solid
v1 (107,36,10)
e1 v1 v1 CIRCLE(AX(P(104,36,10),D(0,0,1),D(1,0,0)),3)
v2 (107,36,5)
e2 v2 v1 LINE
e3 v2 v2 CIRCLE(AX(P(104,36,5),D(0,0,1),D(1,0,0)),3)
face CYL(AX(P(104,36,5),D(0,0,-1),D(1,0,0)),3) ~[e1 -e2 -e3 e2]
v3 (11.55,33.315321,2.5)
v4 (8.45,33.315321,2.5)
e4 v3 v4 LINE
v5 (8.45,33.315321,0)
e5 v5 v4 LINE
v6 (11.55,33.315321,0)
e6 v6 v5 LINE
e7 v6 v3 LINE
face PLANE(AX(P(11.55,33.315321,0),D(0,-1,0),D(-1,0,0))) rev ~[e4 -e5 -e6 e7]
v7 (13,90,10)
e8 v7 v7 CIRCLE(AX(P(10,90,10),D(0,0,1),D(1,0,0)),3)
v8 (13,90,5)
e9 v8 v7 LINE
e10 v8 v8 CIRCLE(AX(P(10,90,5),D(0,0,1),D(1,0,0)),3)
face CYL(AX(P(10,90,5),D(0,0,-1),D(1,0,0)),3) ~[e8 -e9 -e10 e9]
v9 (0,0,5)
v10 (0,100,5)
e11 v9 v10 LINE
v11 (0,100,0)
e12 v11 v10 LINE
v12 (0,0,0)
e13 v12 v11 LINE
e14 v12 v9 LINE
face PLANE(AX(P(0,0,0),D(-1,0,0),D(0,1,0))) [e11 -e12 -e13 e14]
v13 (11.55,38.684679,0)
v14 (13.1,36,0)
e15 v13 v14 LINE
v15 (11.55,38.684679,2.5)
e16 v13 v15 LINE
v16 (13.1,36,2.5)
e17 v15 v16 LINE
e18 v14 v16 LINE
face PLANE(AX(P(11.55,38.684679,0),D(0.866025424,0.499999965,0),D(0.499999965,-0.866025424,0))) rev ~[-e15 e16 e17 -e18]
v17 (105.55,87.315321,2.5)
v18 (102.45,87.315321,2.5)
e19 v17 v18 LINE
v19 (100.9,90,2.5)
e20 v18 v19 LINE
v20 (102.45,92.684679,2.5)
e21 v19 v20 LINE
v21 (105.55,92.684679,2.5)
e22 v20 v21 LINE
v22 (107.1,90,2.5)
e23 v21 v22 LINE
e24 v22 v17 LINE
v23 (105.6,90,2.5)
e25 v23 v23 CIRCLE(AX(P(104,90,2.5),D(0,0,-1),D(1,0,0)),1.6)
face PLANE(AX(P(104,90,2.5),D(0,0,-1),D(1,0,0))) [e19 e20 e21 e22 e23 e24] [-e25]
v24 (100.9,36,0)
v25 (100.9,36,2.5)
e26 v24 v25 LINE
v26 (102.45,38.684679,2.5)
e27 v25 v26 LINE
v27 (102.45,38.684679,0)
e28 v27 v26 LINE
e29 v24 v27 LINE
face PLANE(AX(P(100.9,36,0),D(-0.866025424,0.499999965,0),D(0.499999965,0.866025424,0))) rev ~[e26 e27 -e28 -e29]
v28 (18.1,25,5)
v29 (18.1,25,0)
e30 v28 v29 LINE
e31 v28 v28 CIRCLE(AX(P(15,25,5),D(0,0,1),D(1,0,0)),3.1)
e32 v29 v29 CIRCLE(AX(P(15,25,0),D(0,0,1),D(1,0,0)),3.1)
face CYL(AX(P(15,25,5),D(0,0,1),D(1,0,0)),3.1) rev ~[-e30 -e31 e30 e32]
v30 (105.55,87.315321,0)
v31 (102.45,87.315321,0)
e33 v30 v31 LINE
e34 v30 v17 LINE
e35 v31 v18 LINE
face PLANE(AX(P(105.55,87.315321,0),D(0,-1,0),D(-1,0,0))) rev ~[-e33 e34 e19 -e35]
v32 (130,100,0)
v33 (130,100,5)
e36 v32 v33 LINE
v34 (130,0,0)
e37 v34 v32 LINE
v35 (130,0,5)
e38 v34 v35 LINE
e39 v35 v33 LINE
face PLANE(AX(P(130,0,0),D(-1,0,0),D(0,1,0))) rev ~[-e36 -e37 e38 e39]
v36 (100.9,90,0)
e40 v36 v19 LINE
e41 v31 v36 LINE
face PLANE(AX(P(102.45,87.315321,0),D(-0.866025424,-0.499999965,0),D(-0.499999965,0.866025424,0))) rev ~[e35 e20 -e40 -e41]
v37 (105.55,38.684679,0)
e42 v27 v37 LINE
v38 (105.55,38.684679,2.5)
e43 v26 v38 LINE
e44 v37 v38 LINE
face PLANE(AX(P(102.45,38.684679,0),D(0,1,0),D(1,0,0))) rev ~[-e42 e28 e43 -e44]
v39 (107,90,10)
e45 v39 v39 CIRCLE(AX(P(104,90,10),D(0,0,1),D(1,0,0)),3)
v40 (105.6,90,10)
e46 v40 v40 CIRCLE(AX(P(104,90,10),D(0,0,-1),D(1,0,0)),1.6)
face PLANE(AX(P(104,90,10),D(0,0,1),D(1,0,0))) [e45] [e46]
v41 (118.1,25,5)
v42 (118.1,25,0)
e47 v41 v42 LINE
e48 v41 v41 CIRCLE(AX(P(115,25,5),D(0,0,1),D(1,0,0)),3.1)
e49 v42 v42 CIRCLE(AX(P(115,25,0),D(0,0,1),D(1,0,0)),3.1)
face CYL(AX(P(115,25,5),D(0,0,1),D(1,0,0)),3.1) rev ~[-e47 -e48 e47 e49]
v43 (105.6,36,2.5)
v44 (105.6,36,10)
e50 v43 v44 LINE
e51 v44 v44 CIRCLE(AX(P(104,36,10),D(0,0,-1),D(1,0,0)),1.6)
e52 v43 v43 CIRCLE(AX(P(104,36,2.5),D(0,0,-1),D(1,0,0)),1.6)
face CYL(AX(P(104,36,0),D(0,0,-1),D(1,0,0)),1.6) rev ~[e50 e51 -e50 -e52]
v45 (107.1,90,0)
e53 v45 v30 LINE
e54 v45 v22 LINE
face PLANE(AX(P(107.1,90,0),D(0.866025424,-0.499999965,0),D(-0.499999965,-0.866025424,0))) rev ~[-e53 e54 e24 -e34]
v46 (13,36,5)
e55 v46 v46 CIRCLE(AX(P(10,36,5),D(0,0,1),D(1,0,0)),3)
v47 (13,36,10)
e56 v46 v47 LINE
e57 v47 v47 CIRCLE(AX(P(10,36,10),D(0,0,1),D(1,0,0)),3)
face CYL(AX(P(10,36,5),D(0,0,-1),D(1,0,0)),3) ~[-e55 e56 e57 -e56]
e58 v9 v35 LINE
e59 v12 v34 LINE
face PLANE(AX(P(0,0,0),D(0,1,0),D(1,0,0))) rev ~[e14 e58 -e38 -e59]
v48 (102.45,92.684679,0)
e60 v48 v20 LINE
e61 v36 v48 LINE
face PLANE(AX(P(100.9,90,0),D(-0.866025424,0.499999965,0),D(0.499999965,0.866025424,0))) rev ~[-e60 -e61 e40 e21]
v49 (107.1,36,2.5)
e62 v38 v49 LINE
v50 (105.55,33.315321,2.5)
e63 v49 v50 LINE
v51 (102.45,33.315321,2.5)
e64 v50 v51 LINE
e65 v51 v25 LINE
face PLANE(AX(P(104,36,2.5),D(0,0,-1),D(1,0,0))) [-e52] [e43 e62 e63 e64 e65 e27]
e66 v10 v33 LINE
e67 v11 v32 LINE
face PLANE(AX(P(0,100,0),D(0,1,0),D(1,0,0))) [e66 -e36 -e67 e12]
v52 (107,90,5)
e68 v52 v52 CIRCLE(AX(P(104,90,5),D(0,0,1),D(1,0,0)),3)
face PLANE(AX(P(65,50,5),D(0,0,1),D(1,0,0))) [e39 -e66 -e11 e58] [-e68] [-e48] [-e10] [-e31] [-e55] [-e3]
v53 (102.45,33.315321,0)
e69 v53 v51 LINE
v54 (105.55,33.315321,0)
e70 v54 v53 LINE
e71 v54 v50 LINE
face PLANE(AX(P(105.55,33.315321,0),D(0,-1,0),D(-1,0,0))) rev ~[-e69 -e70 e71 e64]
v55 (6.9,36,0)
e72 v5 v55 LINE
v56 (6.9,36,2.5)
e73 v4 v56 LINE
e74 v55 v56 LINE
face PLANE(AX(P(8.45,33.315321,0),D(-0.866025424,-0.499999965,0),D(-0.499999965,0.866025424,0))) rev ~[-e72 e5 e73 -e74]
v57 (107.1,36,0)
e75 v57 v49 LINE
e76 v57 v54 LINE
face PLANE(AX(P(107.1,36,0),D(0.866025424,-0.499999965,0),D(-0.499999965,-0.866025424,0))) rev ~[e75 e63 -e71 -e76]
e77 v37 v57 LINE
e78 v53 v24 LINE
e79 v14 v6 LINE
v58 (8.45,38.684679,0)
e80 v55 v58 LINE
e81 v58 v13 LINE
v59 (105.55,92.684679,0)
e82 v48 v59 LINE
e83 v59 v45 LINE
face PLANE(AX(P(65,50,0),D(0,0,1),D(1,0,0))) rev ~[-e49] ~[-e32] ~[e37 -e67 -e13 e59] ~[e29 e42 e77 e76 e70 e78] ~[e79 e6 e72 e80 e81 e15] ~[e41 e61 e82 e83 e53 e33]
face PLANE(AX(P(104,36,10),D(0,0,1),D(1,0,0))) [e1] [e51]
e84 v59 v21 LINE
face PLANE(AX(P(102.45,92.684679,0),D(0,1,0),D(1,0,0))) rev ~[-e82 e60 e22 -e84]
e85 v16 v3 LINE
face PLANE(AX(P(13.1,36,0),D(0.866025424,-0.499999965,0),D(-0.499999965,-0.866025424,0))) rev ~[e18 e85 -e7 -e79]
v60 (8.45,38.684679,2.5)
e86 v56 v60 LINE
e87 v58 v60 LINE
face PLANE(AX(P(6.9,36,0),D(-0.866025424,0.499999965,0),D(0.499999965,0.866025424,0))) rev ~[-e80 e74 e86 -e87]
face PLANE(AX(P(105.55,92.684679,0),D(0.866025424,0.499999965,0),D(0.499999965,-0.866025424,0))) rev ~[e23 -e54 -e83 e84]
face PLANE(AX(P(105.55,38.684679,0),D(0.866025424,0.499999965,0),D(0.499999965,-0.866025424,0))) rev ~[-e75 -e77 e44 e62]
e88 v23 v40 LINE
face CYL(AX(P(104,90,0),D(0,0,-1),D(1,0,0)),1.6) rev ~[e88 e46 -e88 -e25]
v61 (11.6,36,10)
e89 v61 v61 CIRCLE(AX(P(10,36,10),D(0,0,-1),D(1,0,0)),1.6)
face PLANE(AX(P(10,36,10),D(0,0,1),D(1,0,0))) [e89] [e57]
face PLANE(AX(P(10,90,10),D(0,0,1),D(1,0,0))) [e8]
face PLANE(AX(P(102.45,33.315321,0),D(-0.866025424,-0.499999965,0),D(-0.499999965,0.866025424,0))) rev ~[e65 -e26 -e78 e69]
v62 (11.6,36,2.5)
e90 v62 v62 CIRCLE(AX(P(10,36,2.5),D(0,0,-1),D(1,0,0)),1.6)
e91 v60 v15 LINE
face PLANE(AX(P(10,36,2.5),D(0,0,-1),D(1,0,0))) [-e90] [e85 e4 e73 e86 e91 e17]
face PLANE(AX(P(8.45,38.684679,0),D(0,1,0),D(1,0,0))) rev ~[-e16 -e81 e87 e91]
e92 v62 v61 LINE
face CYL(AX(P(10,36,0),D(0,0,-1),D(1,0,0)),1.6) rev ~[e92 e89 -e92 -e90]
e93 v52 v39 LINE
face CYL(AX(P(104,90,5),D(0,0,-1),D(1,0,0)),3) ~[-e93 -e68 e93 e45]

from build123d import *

# Parameters (mm, degrees)
SKETCH001_W     = 130
SKETCH001_H     = 100
PAD001_DEPTH    = 5
SKETCH002_R     = 3
PAD002_DEPTH    = 5
SKETCH003_R     = 1.6
POCKET_DEPTH    = 10
POCKET005_DEPTH = 2.5
SKETCH013_R     = 3.1
POCKET006_DEPTH = 5


with BuildPart() as part:
    # Sketch001 → Pad001 (new body)
    with BuildSketch(Plane.XY):
        with Locations((65, 50)):
            Rectangle(SKETCH001_W, SKETCH001_H)
    extrude(amount=PAD001_DEPTH)

    # Sketch002 (on Face6 of Pad001) → Pad002 (join)
    with BuildSketch(Plane.XY.offset(5)):
        with Locations((10, 90)):
            Circle(SKETCH002_R)
        with Locations((10, 36)):
            Circle(SKETCH002_R)
        with Locations((104, 90)):
            Circle(SKETCH002_R)
        with Locations((104, 36)):
            Circle(SKETCH002_R)
    extrude(amount=PAD002_DEPTH)

    # Sketch003 (on Face4 of Pad002) → Pocket (cut)
    with BuildSketch(Plane(origin=(0, 0, 0), x_dir=(1, 0, 0), z_dir=(0, 0, -1))):
        with Locations((10, -36)):
            Circle(SKETCH003_R)
        with Locations((104, -36)):
            Circle(SKETCH003_R)
        with Locations((104, -90)):
            Circle(SKETCH003_R)
    extrude(amount=-POCKET_DEPTH, mode=Mode.SUBTRACT)

    # Sketch012 (on Face4 of Pocket) → Pocket005 (cut)
    with BuildSketch(Plane(origin=(0, 0, 0), x_dir=(1, 0, 0), z_dir=(0, 0, -1))):
        Polygon((107.1, -90), (105.55, -87.315321), (102.45, -87.315321), (100.9, -90), (102.45, -92.684679), (105.55, -92.684679), align=None)
        Polygon((13.1, -36), (11.55, -33.315321), (8.45, -33.315321), (6.9, -36), (8.45, -38.684679), (11.55, -38.684679), align=None)
        Polygon((107.1, -36), (105.55, -33.315321), (102.45, -33.315321), (100.9, -36), (102.45, -38.684679), (105.55, -38.684679), align=None)
    extrude(amount=-POCKET005_DEPTH, mode=Mode.SUBTRACT)

    # Sketch013 (on Face6 of Pad001) → Pocket006 (cut)
    with BuildSketch(Plane.XY.offset(5)):
        with Locations((115, 25)):
            Circle(SKETCH013_R)
        with Locations((15, 25)):
            Circle(SKETCH013_R)
    extrude(amount=-POCKET006_DEPTH, mode=Mode.SUBTRACT)


solid = part.part
